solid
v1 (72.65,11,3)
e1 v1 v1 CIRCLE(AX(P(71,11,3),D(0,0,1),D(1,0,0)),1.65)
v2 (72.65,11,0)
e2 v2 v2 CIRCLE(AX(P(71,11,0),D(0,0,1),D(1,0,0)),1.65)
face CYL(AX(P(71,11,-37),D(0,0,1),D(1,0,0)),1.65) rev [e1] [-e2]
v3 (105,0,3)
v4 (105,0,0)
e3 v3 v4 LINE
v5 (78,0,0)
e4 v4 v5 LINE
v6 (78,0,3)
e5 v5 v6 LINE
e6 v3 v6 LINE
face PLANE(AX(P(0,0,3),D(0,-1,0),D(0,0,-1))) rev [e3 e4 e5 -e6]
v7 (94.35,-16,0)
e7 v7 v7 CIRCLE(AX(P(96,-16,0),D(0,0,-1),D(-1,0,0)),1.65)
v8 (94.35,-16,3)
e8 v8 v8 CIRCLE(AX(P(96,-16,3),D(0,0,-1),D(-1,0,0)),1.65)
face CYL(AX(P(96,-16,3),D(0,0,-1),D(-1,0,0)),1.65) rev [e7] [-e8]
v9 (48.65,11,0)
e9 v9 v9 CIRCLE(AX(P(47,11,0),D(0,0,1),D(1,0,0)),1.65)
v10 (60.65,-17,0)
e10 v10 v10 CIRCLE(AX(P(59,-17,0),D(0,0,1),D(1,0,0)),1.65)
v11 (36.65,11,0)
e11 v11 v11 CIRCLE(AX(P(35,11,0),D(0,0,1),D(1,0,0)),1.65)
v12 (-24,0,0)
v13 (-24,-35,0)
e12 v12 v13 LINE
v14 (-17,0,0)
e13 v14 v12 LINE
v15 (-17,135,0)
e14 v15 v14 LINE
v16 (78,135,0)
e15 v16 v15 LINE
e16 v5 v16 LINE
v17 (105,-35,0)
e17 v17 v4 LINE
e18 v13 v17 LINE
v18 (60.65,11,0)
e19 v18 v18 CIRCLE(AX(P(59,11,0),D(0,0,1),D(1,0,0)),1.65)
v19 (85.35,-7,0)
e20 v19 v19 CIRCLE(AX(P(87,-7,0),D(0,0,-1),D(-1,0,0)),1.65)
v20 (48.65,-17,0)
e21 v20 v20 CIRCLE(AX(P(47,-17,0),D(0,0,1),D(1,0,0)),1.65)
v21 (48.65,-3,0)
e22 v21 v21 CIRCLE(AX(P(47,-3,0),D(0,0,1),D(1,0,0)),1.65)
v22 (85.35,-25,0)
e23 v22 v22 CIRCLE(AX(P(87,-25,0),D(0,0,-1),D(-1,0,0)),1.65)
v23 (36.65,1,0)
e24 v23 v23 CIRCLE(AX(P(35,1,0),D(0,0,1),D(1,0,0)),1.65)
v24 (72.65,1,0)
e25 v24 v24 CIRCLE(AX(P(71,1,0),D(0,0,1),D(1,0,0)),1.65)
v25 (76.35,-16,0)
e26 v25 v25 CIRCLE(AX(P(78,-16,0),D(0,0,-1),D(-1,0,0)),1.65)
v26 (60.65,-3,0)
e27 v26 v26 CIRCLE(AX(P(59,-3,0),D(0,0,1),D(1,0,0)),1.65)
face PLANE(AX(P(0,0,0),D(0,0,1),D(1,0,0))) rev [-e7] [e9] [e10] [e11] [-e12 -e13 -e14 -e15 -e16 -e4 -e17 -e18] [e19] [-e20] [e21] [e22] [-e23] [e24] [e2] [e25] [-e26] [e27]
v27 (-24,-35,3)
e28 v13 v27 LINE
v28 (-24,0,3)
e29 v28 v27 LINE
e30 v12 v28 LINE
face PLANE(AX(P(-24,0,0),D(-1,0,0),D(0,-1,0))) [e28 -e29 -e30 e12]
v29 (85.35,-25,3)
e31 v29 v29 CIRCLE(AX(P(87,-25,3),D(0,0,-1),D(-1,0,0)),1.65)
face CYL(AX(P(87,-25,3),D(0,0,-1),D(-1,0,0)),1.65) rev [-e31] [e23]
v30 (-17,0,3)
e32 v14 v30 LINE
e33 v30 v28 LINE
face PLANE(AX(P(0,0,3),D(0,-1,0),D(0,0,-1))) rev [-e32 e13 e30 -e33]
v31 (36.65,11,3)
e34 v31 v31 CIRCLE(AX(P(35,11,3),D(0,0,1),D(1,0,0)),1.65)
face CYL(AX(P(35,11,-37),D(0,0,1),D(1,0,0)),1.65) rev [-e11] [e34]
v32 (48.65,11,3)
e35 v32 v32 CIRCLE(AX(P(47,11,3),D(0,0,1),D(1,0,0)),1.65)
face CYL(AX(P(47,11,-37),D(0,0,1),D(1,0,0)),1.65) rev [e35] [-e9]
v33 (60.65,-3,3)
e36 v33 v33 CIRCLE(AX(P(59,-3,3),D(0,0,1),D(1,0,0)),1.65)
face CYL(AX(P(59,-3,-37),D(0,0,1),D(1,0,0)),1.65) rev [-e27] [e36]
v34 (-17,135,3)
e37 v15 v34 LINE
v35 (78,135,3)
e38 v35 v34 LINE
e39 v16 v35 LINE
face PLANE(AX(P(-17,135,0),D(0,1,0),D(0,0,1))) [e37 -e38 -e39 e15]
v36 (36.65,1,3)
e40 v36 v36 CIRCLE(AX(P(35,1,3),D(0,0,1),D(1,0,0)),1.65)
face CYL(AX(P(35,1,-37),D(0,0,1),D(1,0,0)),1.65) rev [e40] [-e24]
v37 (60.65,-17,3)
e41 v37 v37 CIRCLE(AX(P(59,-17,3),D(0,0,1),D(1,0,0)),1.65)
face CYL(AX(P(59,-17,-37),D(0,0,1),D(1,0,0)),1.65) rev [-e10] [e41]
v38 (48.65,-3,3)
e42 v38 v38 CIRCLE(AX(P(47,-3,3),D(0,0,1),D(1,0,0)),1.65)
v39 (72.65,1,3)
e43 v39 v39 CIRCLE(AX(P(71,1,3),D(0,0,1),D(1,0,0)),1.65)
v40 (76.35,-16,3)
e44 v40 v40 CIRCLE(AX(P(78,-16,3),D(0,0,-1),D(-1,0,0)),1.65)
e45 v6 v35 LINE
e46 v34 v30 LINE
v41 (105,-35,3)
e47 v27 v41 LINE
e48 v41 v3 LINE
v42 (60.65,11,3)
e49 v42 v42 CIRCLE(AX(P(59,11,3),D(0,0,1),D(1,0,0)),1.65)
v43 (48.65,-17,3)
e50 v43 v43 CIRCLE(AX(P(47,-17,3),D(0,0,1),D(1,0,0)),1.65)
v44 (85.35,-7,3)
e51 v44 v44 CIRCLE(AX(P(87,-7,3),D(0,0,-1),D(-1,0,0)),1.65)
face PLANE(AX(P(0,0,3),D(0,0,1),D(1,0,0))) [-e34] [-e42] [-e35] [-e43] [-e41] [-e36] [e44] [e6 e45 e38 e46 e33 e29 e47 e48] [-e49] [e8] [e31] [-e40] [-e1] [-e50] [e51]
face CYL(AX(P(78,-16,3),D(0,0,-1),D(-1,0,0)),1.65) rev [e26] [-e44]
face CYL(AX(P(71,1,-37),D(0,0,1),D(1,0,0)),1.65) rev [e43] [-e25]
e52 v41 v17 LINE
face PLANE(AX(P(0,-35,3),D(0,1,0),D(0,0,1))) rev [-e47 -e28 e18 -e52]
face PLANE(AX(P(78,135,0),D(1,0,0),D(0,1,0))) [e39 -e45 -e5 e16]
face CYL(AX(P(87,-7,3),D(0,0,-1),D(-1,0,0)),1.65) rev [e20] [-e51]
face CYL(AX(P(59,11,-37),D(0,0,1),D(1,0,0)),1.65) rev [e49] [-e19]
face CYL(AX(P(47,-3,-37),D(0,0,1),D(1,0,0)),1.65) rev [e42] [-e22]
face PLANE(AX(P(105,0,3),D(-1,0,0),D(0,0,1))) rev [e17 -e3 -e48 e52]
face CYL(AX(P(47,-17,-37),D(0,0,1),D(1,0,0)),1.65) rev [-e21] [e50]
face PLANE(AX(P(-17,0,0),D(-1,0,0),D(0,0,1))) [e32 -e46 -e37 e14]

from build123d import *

# Parameters (mm, degrees)
SKETCH_1_W          = 105
SKETCH_1_H          = 35
EXTRUDE_1_DEPTH     = 3
SKETCH_3_W          = 24
SKETCH_3_H          = 35
EXTRUDE_2_DEPTH     = 3
SKETCH_4_W          = 95
SKETCH_4_H          = 135
EXTRUDE_3_DEPTH     = 3
SKETCH_5_R          = 1.65
CUT_EXTRUDE_1_DEPTH = 172.052623482
SKETCH_6_R          = 1.65
CUT_EXTRUDE_2_DEPTH = 40


with BuildPart() as part:
    # 草图1 → 凸台-拉伸1 (new body)
    with BuildSketch(Plane.XY):
        with Locations((52.5, -17.5)):
            Rectangle(SKETCH_1_W, SKETCH_1_H)
    extrude(amount=EXTRUDE_1_DEPTH)

    # 草图3 → 凸台-拉伸2 (add)
    with BuildSketch(Plane.XY.offset(3)):
        with Locations((-12, -17.5)):
            Rectangle(SKETCH_3_W, SKETCH_3_H)
    extrude(amount=-EXTRUDE_2_DEPTH)

    # 草图4 → 凸台-拉伸3 (add)
    with BuildSketch(Plane.XY.offset(3)):
        with Locations((30.5, 67.5)):
            Rectangle(SKETCH_4_W, SKETCH_4_H)
    extrude(amount=-EXTRUDE_3_DEPTH)

    # 草图5 → 切除-拉伸1 (cut, through all)
    with BuildSketch(Plane(origin=(0, 0, 0), x_dir=(-1, 0, 0), z_dir=(0, 0, -1))):
        with Locations((-87, -7)):
            Circle(SKETCH_5_R)
        with Locations((-96, -16)):
            Circle(SKETCH_5_R)
        with Locations((-87, -25)):
            Circle(SKETCH_5_R)
        with Locations((-78, -16)):
            Circle(SKETCH_5_R)
    extrude(amount=-CUT_EXTRUDE_1_DEPTH, mode=Mode.SUBTRACT)

    # 草图6 → 切除-拉伸2 (cut)
    with BuildSketch(Plane.XY.offset(3)):
        with Locations((35, 1)):
            Circle(SKETCH_6_R)
        with Locations((35, 11)):
            Circle(SKETCH_6_R)
        with Locations((71, 1)):
            Circle(SKETCH_6_R)
        with Locations((71, 11)):
            Circle(SKETCH_6_R)
        with Locations((47, -17)):
            Circle(SKETCH_6_R)
        with Locations((59, -17)):
            Circle(SKETCH_6_R)
        with Locations((59, -3)):
            Circle(SKETCH_6_R)
        with Locations((47, -3)):
            Circle(SKETCH_6_R)
        with Locations((59, 11)):
            Circle(SKETCH_6_R)
        with Locations((47, 11)):
            Circle(SKETCH_6_R)
    extrude(amount=-CUT_EXTRUDE_2_DEPTH, mode=Mode.SUBTRACT)


solid = part.part
